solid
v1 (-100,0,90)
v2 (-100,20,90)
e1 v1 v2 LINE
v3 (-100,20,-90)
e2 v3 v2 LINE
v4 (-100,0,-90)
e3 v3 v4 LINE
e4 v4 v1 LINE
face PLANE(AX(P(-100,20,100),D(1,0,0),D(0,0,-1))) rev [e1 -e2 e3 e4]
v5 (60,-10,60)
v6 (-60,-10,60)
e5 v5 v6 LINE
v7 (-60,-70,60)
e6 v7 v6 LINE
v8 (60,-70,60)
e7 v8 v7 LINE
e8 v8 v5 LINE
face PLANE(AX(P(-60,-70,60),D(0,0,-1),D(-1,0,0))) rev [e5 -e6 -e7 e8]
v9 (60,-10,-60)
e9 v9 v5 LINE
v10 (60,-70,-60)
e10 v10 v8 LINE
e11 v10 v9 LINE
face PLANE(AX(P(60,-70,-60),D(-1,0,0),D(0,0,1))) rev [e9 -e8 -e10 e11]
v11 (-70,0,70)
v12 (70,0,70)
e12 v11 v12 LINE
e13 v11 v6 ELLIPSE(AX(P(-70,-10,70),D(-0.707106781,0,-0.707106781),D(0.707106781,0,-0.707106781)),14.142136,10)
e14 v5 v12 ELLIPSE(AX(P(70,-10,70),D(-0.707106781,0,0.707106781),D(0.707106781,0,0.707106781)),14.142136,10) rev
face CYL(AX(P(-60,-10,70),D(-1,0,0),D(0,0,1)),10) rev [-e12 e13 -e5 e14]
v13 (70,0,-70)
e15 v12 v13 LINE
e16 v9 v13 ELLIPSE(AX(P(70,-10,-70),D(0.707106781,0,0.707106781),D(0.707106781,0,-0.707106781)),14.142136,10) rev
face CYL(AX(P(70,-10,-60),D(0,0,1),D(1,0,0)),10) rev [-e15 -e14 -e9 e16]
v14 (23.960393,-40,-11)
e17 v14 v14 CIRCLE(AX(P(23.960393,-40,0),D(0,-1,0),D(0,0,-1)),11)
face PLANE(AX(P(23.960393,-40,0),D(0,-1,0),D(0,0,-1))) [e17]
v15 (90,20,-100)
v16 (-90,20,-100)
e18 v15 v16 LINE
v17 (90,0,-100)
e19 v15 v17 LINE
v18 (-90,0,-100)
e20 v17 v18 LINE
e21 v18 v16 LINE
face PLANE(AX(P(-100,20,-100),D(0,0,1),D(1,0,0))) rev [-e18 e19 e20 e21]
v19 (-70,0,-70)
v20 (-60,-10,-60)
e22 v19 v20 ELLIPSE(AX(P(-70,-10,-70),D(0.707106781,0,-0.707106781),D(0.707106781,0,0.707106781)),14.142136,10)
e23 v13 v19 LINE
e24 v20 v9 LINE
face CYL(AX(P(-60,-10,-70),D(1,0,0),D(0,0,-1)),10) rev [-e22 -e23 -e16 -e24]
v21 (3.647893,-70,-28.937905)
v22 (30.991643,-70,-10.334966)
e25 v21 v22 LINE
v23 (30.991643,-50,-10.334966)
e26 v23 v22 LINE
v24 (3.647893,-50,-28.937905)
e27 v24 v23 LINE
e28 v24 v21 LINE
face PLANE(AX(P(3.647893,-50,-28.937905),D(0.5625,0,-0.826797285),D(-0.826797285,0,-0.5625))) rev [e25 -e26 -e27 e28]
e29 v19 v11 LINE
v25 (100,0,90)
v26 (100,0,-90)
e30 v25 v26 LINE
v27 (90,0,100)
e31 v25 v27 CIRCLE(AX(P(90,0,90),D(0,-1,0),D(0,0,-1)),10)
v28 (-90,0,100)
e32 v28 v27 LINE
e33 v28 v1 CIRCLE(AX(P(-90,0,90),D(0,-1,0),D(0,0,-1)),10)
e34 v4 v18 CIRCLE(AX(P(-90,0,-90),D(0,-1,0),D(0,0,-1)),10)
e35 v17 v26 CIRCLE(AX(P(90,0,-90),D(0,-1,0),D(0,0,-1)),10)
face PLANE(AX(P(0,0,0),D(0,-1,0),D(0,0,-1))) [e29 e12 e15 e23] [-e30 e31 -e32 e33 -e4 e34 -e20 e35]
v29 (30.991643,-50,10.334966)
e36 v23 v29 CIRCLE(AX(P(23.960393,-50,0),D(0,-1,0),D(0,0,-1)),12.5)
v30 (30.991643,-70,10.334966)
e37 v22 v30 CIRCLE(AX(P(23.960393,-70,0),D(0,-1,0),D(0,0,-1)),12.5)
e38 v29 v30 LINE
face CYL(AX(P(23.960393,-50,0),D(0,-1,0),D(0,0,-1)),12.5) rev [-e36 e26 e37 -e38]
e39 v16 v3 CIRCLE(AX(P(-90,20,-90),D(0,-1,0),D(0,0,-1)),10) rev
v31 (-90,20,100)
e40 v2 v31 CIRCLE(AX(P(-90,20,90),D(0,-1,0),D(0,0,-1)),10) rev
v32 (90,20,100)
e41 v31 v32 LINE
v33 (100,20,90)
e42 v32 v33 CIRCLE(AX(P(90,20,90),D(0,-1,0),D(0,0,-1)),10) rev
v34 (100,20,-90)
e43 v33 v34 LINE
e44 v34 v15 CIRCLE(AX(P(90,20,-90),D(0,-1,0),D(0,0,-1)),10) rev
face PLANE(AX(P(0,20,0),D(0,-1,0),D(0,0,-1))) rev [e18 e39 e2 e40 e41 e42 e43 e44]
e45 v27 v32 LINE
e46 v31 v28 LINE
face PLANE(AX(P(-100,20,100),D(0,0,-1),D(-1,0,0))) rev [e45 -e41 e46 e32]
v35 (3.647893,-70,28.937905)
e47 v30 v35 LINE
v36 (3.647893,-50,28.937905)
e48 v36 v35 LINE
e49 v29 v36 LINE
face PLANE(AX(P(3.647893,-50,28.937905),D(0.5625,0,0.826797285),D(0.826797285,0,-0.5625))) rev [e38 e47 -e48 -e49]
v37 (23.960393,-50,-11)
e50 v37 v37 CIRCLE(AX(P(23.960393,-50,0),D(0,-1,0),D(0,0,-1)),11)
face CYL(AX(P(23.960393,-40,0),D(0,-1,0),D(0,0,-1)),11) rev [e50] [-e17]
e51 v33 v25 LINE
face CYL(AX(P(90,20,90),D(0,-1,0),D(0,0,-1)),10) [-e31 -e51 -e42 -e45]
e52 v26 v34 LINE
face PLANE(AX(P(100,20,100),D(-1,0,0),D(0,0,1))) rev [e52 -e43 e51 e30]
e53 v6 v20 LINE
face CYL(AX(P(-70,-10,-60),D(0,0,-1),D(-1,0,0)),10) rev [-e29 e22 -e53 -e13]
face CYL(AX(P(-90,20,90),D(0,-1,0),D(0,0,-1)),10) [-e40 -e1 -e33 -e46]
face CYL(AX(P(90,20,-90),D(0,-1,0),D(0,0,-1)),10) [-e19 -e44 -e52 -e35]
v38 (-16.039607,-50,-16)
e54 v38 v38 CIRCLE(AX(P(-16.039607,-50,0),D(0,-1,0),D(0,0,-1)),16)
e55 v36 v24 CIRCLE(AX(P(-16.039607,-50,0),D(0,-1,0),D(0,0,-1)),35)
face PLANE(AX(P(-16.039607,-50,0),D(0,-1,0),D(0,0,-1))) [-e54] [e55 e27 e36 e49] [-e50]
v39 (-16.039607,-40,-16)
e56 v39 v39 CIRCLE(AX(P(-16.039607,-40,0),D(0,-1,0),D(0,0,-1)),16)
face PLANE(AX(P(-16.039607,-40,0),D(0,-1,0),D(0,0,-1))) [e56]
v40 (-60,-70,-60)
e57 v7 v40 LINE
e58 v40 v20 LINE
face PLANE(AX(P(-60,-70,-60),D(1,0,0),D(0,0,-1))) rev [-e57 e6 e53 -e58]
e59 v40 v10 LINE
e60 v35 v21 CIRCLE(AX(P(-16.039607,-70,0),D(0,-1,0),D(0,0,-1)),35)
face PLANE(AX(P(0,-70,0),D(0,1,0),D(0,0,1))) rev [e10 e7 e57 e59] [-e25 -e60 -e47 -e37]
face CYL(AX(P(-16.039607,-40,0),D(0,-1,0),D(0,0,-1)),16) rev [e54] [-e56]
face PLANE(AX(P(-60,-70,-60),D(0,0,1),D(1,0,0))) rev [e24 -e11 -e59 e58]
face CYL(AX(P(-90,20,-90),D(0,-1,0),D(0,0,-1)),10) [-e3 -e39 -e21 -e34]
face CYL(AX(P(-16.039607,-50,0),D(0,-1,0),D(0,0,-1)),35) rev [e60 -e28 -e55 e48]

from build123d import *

# Parameters (mm, degrees)
SKETCH1_W           = 200
SKETCH1_H           = 200
BOSS_EXTRUDE1_DEPTH = 20
SKETCH3_W           = 120
SKETCH3_H           = 120
BOSS_EXTRUDE2_DEPTH = 70
CUT_EXTRUDE1_DEPTH  = 20
SKETCH5_R           = 16
SKETCH5_R_2         = 11
CUT_EXTRUDE2_DEPTH  = 10
FILLET1_R           = 10
FILLET4_R           = 10


with BuildPart() as part:
    # Sketch1 → Boss-Extrude1 (new body)
    with BuildSketch(Plane(origin=(0, 0, 0), x_dir=(1, 0, 0), z_dir=(0, 1, 0))):
        Rectangle(SKETCH1_W, SKETCH1_H)
    extrude(amount=BOSS_EXTRUDE1_DEPTH)

    # Sketch3 → Boss-Extrude2 (add)
    with BuildSketch(Plane.XZ):
        Rectangle(SKETCH3_W, SKETCH3_H)
    extrude(amount=BOSS_EXTRUDE2_DEPTH)

    # Sketch4 → Cut-Extrude1 (cut)
    with BuildSketch(Plane.XZ.offset(70)):
        with BuildLine():
            Line((3.647893136, 28.937904965), (30.991643136, 10.334966059))
            ThreePointArc((30.991643136, 10.334966059), (36.460393136, 0), (30.991643136, -10.334966059))
            Line((30.991643136, -10.334966059), (3.647893136, -28.937904965))
            ThreePointArc((3.647893136, -28.937904965), (-51.039606864, 0), (3.647893136, 28.937904965))
        make_face()
    extrude(amount=-CUT_EXTRUDE1_DEPTH, mode=Mode.SUBTRACT)

    # Sketch5 → Cut-Extrude2 (cut)
    with BuildSketch(Plane.XZ.offset(50)):
        with Locations(Location((-16.039606864, 0, 0), (0, 0, 270))):
            Circle(SKETCH5_R)
        with Locations(Location((23.960393136, 0, 0), (0, 0, 270))):
            Circle(SKETCH5_R_2)
    extrude(amount=-CUT_EXTRUDE2_DEPTH, mode=Mode.SUBTRACT)

    # Fillet1
    fillet1_edges = [part.edges().sort_by_distance(p)[0] for p in [
        (100, 10, 100),
        (-100, 10, 100),
        (-100, 10, -100),
        (100, 10, -100),
    ]]
    fillet(fillet1_edges, radius=FILLET1_R)

    # Fillet4
    fillet4_edges = [part.edges().sort_by_distance(p)[0] for p in [
        (60, 0, 0),
        (0, 0, 60),
        (-60, 0, 0),
        (0, 0, -60),
    ]]
    fillet(fillet4_edges, radius=FILLET4_R)


solid = part.part
